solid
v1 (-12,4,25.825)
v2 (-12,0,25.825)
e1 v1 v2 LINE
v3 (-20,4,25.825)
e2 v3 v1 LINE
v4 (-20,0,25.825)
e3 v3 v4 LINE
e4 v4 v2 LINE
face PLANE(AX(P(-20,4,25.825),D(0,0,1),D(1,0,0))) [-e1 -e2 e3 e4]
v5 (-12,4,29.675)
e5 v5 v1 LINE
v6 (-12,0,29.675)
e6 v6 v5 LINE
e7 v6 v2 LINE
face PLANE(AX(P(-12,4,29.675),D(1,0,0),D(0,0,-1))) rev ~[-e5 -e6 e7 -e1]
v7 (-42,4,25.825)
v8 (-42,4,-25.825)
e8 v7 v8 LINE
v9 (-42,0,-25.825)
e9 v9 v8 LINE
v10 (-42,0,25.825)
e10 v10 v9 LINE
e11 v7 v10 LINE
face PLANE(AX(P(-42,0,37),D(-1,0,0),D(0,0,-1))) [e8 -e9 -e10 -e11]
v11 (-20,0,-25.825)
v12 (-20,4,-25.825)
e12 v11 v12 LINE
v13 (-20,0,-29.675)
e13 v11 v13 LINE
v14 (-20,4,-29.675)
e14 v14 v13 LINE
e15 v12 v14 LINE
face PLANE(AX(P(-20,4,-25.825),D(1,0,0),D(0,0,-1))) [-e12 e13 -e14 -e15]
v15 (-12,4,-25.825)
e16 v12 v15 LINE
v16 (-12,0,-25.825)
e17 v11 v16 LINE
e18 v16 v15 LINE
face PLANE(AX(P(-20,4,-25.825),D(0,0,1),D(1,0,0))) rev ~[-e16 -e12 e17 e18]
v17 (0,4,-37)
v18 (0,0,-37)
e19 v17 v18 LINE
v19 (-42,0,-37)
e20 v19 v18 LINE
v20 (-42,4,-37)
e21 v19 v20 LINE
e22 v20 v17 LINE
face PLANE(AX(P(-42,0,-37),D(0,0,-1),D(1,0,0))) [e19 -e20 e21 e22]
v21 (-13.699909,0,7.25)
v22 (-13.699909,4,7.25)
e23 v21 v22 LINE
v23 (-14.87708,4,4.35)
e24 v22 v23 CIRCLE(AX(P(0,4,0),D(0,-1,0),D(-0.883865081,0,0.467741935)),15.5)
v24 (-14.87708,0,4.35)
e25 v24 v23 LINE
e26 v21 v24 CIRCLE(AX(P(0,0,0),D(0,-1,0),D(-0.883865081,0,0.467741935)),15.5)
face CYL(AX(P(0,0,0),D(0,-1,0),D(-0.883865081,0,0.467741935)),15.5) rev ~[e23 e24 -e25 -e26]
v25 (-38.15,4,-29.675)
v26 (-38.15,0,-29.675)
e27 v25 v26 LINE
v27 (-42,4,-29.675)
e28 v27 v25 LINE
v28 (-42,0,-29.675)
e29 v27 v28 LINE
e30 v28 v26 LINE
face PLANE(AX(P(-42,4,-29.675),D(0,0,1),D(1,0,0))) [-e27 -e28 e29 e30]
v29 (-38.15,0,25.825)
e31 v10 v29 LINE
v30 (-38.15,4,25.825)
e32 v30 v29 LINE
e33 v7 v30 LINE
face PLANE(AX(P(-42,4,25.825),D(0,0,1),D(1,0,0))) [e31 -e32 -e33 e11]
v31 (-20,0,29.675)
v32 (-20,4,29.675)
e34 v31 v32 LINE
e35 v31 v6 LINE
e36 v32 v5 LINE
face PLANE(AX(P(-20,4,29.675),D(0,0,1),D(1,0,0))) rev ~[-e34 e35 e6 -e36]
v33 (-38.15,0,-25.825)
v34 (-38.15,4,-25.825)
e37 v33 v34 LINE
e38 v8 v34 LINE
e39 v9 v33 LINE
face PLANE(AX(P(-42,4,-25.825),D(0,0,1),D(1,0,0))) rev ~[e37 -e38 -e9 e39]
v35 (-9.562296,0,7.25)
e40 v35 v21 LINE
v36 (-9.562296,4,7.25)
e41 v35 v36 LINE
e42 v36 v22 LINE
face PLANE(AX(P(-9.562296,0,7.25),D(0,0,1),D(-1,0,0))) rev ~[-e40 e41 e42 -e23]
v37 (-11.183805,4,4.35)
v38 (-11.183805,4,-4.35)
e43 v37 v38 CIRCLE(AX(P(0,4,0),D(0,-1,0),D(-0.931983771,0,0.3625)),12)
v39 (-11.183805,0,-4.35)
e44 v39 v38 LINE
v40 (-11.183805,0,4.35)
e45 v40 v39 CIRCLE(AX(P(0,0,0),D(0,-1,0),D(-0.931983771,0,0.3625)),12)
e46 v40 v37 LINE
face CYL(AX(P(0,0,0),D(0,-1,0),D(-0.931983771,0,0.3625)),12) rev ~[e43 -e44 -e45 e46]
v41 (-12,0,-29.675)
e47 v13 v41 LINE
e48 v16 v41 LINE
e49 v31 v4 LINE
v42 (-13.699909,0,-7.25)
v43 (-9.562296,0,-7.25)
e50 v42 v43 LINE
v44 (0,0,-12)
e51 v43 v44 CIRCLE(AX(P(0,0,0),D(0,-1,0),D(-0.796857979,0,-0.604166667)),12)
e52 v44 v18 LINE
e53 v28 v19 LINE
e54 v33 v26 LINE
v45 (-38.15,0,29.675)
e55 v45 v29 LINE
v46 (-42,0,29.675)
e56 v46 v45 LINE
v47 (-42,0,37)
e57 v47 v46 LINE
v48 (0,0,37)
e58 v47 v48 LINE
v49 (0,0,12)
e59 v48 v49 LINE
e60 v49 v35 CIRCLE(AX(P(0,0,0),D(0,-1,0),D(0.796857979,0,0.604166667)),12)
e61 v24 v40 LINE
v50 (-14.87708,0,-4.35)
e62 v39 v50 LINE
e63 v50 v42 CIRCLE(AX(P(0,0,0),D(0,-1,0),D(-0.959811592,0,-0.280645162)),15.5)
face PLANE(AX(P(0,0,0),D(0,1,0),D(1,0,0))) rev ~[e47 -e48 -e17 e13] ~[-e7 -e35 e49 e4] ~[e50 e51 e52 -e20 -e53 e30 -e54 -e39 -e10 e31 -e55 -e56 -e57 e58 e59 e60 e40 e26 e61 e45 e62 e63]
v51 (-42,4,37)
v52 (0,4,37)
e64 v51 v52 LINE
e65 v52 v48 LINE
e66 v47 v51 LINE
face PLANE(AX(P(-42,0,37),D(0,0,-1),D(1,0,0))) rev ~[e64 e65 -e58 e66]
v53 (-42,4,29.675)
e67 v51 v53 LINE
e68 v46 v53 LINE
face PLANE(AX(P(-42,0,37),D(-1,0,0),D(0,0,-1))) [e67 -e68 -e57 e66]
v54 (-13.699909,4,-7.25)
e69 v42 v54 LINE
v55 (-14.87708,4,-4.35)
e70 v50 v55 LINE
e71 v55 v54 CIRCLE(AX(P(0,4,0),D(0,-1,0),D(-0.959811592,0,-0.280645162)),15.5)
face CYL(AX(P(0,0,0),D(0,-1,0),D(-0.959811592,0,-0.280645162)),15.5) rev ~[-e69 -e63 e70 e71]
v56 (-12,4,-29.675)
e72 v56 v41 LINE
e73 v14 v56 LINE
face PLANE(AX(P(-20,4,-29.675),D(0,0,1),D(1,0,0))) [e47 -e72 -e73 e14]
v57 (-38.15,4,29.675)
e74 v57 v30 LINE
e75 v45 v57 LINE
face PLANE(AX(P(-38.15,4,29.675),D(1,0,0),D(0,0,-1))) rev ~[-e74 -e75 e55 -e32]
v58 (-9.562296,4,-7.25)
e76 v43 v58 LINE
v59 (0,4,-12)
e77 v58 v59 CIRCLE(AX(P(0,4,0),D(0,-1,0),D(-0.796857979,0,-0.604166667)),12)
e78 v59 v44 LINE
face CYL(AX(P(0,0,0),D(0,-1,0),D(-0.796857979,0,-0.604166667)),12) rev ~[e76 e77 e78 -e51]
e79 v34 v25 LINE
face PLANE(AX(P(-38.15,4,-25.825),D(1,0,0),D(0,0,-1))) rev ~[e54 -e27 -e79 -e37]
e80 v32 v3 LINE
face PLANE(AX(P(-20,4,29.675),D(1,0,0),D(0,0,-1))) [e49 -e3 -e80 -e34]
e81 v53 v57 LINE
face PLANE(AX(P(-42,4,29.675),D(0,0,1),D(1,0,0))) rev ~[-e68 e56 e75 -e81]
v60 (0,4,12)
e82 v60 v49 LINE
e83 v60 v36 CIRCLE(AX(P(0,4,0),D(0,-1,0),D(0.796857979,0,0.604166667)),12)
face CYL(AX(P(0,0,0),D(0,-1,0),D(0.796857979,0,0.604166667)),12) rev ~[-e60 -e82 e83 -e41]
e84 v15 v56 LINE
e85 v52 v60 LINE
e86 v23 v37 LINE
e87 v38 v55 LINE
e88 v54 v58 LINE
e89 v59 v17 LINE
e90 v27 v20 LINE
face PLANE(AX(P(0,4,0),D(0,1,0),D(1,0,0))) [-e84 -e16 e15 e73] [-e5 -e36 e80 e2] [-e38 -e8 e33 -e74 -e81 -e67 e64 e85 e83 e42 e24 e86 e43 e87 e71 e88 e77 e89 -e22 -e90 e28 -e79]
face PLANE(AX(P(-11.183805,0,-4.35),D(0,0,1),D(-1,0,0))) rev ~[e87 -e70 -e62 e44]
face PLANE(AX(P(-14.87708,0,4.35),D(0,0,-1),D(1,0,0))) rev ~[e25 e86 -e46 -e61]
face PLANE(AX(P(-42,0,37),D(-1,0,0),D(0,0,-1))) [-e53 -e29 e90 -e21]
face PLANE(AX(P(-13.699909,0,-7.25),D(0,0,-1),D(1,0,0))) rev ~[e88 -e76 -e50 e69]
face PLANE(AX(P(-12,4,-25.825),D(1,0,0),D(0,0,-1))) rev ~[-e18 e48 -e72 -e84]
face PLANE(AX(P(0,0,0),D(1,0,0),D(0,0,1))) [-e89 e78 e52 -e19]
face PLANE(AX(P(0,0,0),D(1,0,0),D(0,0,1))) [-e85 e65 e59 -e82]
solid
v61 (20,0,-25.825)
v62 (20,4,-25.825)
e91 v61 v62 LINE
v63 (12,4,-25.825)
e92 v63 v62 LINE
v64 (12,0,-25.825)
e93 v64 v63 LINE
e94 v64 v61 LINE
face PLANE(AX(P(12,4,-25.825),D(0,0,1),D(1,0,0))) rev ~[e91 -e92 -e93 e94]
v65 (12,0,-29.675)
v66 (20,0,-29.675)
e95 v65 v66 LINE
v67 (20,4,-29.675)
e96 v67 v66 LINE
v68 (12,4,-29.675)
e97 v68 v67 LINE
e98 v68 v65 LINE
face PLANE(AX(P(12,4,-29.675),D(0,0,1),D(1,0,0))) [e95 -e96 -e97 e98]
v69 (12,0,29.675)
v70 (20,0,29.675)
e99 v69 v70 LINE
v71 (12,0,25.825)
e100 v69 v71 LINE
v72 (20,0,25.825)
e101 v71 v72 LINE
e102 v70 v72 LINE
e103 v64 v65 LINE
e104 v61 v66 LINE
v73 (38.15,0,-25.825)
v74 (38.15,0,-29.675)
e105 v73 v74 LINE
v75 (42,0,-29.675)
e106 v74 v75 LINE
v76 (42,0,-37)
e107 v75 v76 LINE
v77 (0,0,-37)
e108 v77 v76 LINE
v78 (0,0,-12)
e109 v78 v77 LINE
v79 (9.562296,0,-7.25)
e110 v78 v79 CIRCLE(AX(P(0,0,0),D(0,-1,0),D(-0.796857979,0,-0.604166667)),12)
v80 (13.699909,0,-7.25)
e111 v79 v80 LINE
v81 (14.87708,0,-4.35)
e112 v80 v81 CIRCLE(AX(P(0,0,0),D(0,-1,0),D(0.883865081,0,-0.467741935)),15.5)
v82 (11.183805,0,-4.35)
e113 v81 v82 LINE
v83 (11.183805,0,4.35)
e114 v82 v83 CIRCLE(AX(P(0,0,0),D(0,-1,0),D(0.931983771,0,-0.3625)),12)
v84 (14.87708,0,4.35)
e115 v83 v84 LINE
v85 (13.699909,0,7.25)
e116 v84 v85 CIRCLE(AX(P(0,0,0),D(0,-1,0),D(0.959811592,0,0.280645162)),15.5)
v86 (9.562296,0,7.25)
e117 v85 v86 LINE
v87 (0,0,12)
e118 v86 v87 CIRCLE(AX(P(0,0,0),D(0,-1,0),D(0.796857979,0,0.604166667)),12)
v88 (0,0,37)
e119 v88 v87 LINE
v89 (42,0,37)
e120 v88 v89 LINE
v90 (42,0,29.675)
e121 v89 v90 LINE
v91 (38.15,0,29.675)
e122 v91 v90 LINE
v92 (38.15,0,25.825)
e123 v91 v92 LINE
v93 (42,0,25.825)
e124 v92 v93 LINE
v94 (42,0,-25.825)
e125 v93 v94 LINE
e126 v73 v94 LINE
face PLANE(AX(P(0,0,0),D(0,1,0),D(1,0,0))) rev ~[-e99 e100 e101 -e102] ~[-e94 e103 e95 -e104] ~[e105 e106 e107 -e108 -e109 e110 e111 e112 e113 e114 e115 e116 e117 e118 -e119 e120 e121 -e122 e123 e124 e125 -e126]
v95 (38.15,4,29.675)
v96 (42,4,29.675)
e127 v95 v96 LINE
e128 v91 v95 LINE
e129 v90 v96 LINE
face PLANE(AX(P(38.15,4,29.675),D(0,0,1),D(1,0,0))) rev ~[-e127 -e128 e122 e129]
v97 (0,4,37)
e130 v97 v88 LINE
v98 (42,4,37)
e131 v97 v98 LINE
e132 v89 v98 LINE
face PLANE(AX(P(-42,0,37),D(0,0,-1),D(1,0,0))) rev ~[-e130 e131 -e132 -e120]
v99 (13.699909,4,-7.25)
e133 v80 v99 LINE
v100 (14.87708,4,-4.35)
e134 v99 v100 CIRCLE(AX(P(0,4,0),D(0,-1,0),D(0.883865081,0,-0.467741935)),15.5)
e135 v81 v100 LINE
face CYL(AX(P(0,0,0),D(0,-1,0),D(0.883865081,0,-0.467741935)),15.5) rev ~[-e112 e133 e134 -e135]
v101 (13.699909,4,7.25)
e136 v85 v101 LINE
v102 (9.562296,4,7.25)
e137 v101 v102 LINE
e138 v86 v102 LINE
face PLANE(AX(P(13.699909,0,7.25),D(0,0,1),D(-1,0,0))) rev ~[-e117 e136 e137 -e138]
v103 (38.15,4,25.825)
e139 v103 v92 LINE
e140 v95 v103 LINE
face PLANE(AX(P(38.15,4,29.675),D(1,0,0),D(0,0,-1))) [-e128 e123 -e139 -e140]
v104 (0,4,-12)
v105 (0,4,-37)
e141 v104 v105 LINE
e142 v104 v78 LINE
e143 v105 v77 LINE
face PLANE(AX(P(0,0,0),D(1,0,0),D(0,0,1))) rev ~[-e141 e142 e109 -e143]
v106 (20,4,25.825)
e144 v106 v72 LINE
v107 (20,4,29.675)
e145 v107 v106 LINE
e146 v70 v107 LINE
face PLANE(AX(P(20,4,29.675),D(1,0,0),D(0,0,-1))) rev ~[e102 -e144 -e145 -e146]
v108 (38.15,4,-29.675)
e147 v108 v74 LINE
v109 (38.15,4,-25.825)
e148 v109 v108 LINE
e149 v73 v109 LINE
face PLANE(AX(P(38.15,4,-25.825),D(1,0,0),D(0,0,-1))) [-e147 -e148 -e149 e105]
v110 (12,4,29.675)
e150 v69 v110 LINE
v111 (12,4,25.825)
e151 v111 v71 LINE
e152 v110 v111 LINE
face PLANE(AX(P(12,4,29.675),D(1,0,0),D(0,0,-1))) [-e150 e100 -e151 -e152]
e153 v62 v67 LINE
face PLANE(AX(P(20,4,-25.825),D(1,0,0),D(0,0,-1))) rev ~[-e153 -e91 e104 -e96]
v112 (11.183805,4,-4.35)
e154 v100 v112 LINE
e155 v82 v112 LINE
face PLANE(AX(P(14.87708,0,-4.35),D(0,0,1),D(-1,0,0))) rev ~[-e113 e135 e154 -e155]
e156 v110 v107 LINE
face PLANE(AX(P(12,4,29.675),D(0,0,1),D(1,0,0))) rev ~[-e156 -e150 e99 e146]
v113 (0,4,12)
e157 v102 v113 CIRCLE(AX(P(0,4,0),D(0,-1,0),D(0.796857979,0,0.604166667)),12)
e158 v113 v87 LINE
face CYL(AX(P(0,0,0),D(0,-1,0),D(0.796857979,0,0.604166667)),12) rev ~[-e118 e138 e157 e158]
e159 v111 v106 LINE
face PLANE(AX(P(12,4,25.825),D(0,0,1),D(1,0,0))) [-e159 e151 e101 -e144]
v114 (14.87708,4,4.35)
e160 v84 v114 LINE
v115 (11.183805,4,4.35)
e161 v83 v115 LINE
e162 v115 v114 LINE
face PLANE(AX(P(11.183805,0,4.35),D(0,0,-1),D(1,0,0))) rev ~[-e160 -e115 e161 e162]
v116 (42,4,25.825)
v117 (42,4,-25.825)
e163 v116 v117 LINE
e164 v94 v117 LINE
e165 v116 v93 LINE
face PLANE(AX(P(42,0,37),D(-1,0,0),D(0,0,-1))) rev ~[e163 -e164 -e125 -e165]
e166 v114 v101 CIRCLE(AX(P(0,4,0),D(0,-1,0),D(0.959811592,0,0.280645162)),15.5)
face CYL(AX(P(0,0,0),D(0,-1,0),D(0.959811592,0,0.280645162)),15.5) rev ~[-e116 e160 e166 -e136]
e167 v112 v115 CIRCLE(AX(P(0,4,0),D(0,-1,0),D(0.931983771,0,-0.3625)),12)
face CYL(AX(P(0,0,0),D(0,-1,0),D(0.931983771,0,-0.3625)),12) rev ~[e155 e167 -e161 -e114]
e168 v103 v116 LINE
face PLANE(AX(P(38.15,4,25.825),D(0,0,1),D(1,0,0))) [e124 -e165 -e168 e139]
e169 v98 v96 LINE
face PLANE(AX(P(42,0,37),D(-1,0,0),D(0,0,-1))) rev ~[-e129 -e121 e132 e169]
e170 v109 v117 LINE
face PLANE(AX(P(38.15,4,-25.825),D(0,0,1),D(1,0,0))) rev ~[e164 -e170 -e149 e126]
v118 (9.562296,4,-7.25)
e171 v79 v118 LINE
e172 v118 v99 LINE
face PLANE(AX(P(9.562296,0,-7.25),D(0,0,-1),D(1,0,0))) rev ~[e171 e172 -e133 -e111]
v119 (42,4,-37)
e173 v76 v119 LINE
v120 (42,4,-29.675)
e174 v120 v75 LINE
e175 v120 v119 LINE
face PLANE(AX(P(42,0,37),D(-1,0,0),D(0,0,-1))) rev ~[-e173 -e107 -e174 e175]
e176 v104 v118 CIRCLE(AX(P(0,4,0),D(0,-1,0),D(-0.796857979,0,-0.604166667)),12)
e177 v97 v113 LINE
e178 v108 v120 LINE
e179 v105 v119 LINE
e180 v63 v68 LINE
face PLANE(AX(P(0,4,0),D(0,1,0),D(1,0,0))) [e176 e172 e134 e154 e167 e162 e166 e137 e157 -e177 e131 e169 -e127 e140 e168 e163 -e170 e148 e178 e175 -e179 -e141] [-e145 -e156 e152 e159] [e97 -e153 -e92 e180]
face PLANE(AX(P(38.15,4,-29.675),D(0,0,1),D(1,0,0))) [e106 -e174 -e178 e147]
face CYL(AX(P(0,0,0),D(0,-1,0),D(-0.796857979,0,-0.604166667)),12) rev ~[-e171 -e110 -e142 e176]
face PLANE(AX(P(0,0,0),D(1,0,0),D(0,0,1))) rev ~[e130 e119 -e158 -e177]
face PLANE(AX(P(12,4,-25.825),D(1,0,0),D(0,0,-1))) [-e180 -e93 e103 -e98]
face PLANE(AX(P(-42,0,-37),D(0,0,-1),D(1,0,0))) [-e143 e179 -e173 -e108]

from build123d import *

# Parameters (mm, degrees)
SKETCH2_W               = 84
SKETCH2_H               = 74
BOSS_EXTRUDE1_DEPTH     = 4
SKETCH4_W               = 8
SKETCH4_H               = 3.85
SKETCH4_W_2             = 3.85
CUT_EXTRUDE2_DEPTH      = 1
CUT_EXTRUDE2_DEPTH_BACK = 5


with BuildPart() as part:
    # Sketch2 → Boss-Extrude1 (new body)
    with BuildSketch(Plane(origin=(0, 0, 0), x_dir=(1, 0, 0), z_dir=(0, 1, 0))):
        Rectangle(SKETCH2_W, SKETCH2_H)
        with BuildLine():
            ThreePointArc((11.183805256, 4.35), (12, 0), (11.183805256, -4.35))
            Line((11.183805256, -4.35), (14.877079687, -4.35))
            ThreePointArc((14.877079687, -4.35), (14.361878956, -5.829788405), (13.699908759, -7.25))
            Line((13.699908759, -7.25), (9.562295749, -7.25))
            ThreePointArc((9.562295749, -7.25), (0, -12), (-9.562295749, -7.25))
            Line((-9.562295749, -7.25), (-13.699908759, -7.25))
            ThreePointArc((-13.699908759, -7.25), (-14.361878956, -5.829788405), (-14.877079687, -4.35))
            Line((-14.877079687, -4.35), (-11.183805256, -4.35))
            ThreePointArc((-11.183805256, -4.35), (-12, 0), (-11.183805256, 4.35))
            Line((-11.183805256, 4.35), (-14.877079687, 4.35))
            ThreePointArc((-14.877079687, 4.35), (-14.361878956, 5.829788405), (-13.699908759, 7.25))
            Line((-13.699908759, 7.25), (-9.562295749, 7.25))
            ThreePointArc((-9.562295749, 7.25), (0, 12), (9.562295749, 7.25))
            Line((9.562295749, 7.25), (13.699908759, 7.25))
            ThreePointArc((13.699908759, 7.25), (14.361878956, 5.829788405), (14.877079687, 4.35))
            Line((14.877079687, 4.35), (11.183805256, 4.35))
        make_face(mode=Mode.SUBTRACT)
    extrude(amount=BOSS_EXTRUDE1_DEPTH)


with BuildPart() as body_2:
    # Split1: the piece on the far side of the plane
    add(part.part)
    split(bisect_by=Plane(origin=(0, 0, 0), x_dir=(0, 0, 1), z_dir=(1, 0, 0)), keep=Keep.BOTTOM)


with BuildPart() as part_1:
    add(part.part)

    # Split1
    split(bisect_by=Plane(origin=(0, 0, 0), x_dir=(0, 0, 1), z_dir=(1, 0, 0)), keep=Keep.TOP)


with BuildPart() as cut_extrude2_tool:
    # Sketch4 → Cut-Extrude2 (new body, two sides)
    with BuildSketch(Plane(origin=(0, 4, 0), x_dir=(1, 0, 0), z_dir=(0, 1, 0))) as cut_extrude2_sk:
        with Locations((-16, -27.75)):
            Rectangle(SKETCH4_W, SKETCH4_H)
        with Locations((-40.075, -27.75)):
            Rectangle(SKETCH4_W_2, SKETCH4_H)
        with Locations((40.075, -27.75)):
            Rectangle(SKETCH4_W_2, SKETCH4_H)
        with Locations((16, -27.75)):
            Rectangle(SKETCH4_W, SKETCH4_H)
        with Locations((16, 27.75)):
            Rectangle(SKETCH4_W, SKETCH4_H)
        with Locations((40.075, 27.75)):
            Rectangle(SKETCH4_W_2, SKETCH4_H)
        with Locations((-40.075, 27.75)):
            Rectangle(SKETCH4_W_2, SKETCH4_H)
        with Locations((-16, 27.75)):
            Rectangle(SKETCH4_W, SKETCH4_H)
    extrude(amount=CUT_EXTRUDE2_DEPTH)
    extrude(cut_extrude2_sk.sketch, amount=-CUT_EXTRUDE2_DEPTH_BACK)


with BuildPart() as part_2:
    add(part_1.part)

    # Cut-Extrude2: cut by cut_extrude2_tool
    add(cut_extrude2_tool.part, mode=Mode.SUBTRACT)


with BuildPart() as body_2_1:
    add(body_2.part)

    # Cut-Extrude2: cut by cut_extrude2_tool
    add(cut_extrude2_tool.part, mode=Mode.SUBTRACT)


solid = Compound([part_2.part, body_2_1.part])
